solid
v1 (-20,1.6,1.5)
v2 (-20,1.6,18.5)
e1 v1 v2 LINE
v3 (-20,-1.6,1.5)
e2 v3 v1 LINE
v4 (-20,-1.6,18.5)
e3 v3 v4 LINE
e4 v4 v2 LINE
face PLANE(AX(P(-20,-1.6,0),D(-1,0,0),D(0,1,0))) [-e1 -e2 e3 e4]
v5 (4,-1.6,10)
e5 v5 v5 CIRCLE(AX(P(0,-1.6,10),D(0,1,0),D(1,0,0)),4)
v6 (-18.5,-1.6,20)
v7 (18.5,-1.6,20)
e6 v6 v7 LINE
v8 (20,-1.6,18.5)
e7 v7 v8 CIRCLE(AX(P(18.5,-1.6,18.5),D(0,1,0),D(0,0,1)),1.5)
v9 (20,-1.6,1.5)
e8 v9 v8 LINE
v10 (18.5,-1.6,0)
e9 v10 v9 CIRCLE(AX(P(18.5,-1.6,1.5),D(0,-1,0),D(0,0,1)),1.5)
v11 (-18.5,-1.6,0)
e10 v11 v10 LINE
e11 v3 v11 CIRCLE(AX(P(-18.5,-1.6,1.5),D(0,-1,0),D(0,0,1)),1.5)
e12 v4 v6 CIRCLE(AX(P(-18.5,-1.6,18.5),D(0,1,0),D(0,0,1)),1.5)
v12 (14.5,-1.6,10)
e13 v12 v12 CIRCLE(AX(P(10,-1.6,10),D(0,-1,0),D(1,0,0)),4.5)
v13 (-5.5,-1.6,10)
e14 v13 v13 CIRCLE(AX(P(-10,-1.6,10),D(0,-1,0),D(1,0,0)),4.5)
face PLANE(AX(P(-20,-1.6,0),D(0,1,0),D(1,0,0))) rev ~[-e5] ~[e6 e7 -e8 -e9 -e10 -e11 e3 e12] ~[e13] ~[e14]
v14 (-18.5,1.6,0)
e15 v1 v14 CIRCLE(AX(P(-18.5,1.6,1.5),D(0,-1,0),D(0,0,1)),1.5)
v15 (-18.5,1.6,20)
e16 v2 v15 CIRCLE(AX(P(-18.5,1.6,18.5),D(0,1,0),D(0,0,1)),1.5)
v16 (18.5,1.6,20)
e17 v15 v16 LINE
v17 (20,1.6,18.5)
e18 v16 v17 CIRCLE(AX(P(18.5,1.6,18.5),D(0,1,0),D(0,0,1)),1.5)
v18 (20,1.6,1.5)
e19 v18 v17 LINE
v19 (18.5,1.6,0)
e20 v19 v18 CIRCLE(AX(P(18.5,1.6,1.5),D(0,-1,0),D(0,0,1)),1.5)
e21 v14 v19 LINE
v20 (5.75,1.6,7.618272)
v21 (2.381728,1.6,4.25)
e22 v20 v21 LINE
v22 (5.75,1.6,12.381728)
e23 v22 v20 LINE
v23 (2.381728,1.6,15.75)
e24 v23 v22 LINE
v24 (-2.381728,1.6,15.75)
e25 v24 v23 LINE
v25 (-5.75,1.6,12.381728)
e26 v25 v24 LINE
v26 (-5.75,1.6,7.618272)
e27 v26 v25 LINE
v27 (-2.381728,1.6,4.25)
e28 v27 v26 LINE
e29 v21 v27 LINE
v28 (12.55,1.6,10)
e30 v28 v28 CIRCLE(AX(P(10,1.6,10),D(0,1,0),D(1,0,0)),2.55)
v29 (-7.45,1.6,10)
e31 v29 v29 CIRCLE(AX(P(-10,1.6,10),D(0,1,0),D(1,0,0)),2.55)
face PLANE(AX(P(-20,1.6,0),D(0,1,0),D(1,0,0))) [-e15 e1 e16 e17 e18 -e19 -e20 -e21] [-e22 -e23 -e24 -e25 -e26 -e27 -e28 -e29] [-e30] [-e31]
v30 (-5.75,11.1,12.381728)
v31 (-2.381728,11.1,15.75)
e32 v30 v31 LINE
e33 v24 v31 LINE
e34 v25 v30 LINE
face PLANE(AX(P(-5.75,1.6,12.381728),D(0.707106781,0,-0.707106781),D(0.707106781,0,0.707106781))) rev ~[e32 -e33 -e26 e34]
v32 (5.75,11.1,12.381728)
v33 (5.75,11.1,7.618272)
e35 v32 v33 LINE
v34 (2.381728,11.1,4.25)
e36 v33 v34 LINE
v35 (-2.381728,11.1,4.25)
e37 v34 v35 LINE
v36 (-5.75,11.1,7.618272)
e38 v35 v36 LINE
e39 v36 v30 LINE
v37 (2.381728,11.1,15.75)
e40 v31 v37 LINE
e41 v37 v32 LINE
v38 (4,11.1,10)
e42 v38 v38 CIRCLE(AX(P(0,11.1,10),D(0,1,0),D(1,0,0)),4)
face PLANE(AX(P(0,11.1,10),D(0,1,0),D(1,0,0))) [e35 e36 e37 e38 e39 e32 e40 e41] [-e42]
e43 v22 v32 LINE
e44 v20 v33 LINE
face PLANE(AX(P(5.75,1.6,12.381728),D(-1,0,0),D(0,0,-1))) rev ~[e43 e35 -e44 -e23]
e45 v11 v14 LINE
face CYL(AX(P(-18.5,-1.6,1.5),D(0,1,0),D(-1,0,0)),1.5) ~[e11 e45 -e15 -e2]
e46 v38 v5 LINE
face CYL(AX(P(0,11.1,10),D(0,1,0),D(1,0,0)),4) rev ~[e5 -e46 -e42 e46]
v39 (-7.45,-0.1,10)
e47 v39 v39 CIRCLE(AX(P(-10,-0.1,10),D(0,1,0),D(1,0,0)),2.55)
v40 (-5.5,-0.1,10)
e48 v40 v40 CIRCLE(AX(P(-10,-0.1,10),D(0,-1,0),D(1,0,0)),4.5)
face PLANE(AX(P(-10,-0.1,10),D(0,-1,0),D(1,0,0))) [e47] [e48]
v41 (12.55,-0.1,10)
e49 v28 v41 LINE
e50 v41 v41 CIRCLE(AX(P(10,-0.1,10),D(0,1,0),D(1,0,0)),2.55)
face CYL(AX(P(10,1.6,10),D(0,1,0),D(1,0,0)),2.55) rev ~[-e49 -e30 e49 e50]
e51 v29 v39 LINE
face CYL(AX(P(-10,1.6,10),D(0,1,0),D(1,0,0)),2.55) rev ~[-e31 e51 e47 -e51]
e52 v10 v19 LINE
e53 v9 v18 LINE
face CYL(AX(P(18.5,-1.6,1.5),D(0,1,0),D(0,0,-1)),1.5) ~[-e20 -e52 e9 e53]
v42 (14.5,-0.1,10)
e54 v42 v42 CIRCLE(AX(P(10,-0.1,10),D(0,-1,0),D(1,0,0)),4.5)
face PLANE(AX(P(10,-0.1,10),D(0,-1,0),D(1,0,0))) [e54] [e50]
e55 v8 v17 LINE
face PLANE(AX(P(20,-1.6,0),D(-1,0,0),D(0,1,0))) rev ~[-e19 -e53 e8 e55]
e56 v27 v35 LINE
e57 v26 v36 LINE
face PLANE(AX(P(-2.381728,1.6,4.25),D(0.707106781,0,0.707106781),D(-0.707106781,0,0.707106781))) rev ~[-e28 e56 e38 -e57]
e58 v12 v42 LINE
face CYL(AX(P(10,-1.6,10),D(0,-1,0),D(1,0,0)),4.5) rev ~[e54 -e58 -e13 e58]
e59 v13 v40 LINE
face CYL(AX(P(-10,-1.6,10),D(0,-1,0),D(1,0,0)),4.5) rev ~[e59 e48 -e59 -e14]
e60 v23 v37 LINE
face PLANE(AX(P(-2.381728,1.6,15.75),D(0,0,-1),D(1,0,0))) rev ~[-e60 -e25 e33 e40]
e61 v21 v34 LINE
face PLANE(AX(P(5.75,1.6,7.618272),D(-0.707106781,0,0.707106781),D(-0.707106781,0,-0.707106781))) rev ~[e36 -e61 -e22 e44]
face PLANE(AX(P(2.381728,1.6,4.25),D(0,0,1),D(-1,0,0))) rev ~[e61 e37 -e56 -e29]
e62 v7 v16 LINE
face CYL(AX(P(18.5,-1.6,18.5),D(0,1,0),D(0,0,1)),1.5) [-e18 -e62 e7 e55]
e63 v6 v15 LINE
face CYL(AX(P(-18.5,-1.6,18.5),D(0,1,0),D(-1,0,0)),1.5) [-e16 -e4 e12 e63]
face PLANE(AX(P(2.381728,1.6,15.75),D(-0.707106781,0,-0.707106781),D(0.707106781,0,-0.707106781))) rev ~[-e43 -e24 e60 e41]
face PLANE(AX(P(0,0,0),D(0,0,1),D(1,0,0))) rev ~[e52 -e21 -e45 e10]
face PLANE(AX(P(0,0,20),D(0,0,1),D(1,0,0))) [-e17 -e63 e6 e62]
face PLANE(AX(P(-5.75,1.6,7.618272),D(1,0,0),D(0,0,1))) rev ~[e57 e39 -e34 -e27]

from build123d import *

# Parameters (mm, degrees)
SKETCH1_W           = 40
SKETCH1_H           = 3.2
BOSS_EXTRUDE1_DEPTH = 20
SKETCH3_R           = 2.55
CUT_EXTRUDE2_DEPTH  = 4.2
SKETCH5_R           = 4.5
CUT_EXTRUDE4_DEPTH  = 1.5
BOSS_EXTRUDE2_DEPTH = 9.5
SKETCH7_R           = 4
CUT_EXTRUDE5_DEPTH  = 13.7
FILLET1_R           = 1.5


with BuildPart() as part:
    # Sketch1 → Boss-Extrude1 (new body)
    with BuildSketch(Plane.XY):
        Rectangle(SKETCH1_W, SKETCH1_H)
    extrude(amount=BOSS_EXTRUDE1_DEPTH)

    # Sketch3 → Cut-Extrude2 (cut, through all)
    with BuildSketch(Plane(origin=(0, 1.6, 0), x_dir=(1, 0, 0), z_dir=(0, 1, 0))):
        with Locations((-10, -10)):
            Circle(SKETCH3_R)
        with Locations((10, -10)):
            Circle(SKETCH3_R)
    extrude(amount=-CUT_EXTRUDE2_DEPTH, mode=Mode.SUBTRACT)

    # Sketch5 → Cut-Extrude4 (cut)
    with BuildSketch(Plane.XZ.offset(1.6)):
        with Locations((10, 10)):
            Circle(SKETCH5_R)
        with Locations((-10, 10)):
            Circle(SKETCH5_R)
    extrude(amount=-CUT_EXTRUDE4_DEPTH, mode=Mode.SUBTRACT)

    # Sketch6 → Boss-Extrude2 (add)
    with BuildSketch(Plane(origin=(0, 1.6, 0), x_dir=(1, 0, 0), z_dir=(0, 1, 0))):
        Polygon((-2.381727984, -4.25), (-5.75, -7.618272016), (-5.75, -12.381727984), (-2.381727984, -15.75), (2.381727984, -15.75), (5.75, -12.381727984), (5.75, -7.618272016), (2.381727984, -4.25), align=None)
    extrude(amount=BOSS_EXTRUDE2_DEPTH)

    # Sketch7 → Cut-Extrude5 (cut, through all)
    with BuildSketch(Plane(origin=(0, 11.1, 0), x_dir=(1, 0, 0), z_dir=(0, 1, 0))):
        with Locations((0, -10)):
            Circle(SKETCH7_R)
    extrude(amount=-CUT_EXTRUDE5_DEPTH, mode=Mode.SUBTRACT)

    # Fillet1
    fillet1_edges = [part.edges().sort_by_distance(p)[0] for p in [
        (20, 0, 20),
        (-20, 0, 20),
        (20, 0, 0),
        (-20, 0, 0),
    ]]
    fillet(fillet1_edges, radius=FILLET1_R)


solid = part.part
